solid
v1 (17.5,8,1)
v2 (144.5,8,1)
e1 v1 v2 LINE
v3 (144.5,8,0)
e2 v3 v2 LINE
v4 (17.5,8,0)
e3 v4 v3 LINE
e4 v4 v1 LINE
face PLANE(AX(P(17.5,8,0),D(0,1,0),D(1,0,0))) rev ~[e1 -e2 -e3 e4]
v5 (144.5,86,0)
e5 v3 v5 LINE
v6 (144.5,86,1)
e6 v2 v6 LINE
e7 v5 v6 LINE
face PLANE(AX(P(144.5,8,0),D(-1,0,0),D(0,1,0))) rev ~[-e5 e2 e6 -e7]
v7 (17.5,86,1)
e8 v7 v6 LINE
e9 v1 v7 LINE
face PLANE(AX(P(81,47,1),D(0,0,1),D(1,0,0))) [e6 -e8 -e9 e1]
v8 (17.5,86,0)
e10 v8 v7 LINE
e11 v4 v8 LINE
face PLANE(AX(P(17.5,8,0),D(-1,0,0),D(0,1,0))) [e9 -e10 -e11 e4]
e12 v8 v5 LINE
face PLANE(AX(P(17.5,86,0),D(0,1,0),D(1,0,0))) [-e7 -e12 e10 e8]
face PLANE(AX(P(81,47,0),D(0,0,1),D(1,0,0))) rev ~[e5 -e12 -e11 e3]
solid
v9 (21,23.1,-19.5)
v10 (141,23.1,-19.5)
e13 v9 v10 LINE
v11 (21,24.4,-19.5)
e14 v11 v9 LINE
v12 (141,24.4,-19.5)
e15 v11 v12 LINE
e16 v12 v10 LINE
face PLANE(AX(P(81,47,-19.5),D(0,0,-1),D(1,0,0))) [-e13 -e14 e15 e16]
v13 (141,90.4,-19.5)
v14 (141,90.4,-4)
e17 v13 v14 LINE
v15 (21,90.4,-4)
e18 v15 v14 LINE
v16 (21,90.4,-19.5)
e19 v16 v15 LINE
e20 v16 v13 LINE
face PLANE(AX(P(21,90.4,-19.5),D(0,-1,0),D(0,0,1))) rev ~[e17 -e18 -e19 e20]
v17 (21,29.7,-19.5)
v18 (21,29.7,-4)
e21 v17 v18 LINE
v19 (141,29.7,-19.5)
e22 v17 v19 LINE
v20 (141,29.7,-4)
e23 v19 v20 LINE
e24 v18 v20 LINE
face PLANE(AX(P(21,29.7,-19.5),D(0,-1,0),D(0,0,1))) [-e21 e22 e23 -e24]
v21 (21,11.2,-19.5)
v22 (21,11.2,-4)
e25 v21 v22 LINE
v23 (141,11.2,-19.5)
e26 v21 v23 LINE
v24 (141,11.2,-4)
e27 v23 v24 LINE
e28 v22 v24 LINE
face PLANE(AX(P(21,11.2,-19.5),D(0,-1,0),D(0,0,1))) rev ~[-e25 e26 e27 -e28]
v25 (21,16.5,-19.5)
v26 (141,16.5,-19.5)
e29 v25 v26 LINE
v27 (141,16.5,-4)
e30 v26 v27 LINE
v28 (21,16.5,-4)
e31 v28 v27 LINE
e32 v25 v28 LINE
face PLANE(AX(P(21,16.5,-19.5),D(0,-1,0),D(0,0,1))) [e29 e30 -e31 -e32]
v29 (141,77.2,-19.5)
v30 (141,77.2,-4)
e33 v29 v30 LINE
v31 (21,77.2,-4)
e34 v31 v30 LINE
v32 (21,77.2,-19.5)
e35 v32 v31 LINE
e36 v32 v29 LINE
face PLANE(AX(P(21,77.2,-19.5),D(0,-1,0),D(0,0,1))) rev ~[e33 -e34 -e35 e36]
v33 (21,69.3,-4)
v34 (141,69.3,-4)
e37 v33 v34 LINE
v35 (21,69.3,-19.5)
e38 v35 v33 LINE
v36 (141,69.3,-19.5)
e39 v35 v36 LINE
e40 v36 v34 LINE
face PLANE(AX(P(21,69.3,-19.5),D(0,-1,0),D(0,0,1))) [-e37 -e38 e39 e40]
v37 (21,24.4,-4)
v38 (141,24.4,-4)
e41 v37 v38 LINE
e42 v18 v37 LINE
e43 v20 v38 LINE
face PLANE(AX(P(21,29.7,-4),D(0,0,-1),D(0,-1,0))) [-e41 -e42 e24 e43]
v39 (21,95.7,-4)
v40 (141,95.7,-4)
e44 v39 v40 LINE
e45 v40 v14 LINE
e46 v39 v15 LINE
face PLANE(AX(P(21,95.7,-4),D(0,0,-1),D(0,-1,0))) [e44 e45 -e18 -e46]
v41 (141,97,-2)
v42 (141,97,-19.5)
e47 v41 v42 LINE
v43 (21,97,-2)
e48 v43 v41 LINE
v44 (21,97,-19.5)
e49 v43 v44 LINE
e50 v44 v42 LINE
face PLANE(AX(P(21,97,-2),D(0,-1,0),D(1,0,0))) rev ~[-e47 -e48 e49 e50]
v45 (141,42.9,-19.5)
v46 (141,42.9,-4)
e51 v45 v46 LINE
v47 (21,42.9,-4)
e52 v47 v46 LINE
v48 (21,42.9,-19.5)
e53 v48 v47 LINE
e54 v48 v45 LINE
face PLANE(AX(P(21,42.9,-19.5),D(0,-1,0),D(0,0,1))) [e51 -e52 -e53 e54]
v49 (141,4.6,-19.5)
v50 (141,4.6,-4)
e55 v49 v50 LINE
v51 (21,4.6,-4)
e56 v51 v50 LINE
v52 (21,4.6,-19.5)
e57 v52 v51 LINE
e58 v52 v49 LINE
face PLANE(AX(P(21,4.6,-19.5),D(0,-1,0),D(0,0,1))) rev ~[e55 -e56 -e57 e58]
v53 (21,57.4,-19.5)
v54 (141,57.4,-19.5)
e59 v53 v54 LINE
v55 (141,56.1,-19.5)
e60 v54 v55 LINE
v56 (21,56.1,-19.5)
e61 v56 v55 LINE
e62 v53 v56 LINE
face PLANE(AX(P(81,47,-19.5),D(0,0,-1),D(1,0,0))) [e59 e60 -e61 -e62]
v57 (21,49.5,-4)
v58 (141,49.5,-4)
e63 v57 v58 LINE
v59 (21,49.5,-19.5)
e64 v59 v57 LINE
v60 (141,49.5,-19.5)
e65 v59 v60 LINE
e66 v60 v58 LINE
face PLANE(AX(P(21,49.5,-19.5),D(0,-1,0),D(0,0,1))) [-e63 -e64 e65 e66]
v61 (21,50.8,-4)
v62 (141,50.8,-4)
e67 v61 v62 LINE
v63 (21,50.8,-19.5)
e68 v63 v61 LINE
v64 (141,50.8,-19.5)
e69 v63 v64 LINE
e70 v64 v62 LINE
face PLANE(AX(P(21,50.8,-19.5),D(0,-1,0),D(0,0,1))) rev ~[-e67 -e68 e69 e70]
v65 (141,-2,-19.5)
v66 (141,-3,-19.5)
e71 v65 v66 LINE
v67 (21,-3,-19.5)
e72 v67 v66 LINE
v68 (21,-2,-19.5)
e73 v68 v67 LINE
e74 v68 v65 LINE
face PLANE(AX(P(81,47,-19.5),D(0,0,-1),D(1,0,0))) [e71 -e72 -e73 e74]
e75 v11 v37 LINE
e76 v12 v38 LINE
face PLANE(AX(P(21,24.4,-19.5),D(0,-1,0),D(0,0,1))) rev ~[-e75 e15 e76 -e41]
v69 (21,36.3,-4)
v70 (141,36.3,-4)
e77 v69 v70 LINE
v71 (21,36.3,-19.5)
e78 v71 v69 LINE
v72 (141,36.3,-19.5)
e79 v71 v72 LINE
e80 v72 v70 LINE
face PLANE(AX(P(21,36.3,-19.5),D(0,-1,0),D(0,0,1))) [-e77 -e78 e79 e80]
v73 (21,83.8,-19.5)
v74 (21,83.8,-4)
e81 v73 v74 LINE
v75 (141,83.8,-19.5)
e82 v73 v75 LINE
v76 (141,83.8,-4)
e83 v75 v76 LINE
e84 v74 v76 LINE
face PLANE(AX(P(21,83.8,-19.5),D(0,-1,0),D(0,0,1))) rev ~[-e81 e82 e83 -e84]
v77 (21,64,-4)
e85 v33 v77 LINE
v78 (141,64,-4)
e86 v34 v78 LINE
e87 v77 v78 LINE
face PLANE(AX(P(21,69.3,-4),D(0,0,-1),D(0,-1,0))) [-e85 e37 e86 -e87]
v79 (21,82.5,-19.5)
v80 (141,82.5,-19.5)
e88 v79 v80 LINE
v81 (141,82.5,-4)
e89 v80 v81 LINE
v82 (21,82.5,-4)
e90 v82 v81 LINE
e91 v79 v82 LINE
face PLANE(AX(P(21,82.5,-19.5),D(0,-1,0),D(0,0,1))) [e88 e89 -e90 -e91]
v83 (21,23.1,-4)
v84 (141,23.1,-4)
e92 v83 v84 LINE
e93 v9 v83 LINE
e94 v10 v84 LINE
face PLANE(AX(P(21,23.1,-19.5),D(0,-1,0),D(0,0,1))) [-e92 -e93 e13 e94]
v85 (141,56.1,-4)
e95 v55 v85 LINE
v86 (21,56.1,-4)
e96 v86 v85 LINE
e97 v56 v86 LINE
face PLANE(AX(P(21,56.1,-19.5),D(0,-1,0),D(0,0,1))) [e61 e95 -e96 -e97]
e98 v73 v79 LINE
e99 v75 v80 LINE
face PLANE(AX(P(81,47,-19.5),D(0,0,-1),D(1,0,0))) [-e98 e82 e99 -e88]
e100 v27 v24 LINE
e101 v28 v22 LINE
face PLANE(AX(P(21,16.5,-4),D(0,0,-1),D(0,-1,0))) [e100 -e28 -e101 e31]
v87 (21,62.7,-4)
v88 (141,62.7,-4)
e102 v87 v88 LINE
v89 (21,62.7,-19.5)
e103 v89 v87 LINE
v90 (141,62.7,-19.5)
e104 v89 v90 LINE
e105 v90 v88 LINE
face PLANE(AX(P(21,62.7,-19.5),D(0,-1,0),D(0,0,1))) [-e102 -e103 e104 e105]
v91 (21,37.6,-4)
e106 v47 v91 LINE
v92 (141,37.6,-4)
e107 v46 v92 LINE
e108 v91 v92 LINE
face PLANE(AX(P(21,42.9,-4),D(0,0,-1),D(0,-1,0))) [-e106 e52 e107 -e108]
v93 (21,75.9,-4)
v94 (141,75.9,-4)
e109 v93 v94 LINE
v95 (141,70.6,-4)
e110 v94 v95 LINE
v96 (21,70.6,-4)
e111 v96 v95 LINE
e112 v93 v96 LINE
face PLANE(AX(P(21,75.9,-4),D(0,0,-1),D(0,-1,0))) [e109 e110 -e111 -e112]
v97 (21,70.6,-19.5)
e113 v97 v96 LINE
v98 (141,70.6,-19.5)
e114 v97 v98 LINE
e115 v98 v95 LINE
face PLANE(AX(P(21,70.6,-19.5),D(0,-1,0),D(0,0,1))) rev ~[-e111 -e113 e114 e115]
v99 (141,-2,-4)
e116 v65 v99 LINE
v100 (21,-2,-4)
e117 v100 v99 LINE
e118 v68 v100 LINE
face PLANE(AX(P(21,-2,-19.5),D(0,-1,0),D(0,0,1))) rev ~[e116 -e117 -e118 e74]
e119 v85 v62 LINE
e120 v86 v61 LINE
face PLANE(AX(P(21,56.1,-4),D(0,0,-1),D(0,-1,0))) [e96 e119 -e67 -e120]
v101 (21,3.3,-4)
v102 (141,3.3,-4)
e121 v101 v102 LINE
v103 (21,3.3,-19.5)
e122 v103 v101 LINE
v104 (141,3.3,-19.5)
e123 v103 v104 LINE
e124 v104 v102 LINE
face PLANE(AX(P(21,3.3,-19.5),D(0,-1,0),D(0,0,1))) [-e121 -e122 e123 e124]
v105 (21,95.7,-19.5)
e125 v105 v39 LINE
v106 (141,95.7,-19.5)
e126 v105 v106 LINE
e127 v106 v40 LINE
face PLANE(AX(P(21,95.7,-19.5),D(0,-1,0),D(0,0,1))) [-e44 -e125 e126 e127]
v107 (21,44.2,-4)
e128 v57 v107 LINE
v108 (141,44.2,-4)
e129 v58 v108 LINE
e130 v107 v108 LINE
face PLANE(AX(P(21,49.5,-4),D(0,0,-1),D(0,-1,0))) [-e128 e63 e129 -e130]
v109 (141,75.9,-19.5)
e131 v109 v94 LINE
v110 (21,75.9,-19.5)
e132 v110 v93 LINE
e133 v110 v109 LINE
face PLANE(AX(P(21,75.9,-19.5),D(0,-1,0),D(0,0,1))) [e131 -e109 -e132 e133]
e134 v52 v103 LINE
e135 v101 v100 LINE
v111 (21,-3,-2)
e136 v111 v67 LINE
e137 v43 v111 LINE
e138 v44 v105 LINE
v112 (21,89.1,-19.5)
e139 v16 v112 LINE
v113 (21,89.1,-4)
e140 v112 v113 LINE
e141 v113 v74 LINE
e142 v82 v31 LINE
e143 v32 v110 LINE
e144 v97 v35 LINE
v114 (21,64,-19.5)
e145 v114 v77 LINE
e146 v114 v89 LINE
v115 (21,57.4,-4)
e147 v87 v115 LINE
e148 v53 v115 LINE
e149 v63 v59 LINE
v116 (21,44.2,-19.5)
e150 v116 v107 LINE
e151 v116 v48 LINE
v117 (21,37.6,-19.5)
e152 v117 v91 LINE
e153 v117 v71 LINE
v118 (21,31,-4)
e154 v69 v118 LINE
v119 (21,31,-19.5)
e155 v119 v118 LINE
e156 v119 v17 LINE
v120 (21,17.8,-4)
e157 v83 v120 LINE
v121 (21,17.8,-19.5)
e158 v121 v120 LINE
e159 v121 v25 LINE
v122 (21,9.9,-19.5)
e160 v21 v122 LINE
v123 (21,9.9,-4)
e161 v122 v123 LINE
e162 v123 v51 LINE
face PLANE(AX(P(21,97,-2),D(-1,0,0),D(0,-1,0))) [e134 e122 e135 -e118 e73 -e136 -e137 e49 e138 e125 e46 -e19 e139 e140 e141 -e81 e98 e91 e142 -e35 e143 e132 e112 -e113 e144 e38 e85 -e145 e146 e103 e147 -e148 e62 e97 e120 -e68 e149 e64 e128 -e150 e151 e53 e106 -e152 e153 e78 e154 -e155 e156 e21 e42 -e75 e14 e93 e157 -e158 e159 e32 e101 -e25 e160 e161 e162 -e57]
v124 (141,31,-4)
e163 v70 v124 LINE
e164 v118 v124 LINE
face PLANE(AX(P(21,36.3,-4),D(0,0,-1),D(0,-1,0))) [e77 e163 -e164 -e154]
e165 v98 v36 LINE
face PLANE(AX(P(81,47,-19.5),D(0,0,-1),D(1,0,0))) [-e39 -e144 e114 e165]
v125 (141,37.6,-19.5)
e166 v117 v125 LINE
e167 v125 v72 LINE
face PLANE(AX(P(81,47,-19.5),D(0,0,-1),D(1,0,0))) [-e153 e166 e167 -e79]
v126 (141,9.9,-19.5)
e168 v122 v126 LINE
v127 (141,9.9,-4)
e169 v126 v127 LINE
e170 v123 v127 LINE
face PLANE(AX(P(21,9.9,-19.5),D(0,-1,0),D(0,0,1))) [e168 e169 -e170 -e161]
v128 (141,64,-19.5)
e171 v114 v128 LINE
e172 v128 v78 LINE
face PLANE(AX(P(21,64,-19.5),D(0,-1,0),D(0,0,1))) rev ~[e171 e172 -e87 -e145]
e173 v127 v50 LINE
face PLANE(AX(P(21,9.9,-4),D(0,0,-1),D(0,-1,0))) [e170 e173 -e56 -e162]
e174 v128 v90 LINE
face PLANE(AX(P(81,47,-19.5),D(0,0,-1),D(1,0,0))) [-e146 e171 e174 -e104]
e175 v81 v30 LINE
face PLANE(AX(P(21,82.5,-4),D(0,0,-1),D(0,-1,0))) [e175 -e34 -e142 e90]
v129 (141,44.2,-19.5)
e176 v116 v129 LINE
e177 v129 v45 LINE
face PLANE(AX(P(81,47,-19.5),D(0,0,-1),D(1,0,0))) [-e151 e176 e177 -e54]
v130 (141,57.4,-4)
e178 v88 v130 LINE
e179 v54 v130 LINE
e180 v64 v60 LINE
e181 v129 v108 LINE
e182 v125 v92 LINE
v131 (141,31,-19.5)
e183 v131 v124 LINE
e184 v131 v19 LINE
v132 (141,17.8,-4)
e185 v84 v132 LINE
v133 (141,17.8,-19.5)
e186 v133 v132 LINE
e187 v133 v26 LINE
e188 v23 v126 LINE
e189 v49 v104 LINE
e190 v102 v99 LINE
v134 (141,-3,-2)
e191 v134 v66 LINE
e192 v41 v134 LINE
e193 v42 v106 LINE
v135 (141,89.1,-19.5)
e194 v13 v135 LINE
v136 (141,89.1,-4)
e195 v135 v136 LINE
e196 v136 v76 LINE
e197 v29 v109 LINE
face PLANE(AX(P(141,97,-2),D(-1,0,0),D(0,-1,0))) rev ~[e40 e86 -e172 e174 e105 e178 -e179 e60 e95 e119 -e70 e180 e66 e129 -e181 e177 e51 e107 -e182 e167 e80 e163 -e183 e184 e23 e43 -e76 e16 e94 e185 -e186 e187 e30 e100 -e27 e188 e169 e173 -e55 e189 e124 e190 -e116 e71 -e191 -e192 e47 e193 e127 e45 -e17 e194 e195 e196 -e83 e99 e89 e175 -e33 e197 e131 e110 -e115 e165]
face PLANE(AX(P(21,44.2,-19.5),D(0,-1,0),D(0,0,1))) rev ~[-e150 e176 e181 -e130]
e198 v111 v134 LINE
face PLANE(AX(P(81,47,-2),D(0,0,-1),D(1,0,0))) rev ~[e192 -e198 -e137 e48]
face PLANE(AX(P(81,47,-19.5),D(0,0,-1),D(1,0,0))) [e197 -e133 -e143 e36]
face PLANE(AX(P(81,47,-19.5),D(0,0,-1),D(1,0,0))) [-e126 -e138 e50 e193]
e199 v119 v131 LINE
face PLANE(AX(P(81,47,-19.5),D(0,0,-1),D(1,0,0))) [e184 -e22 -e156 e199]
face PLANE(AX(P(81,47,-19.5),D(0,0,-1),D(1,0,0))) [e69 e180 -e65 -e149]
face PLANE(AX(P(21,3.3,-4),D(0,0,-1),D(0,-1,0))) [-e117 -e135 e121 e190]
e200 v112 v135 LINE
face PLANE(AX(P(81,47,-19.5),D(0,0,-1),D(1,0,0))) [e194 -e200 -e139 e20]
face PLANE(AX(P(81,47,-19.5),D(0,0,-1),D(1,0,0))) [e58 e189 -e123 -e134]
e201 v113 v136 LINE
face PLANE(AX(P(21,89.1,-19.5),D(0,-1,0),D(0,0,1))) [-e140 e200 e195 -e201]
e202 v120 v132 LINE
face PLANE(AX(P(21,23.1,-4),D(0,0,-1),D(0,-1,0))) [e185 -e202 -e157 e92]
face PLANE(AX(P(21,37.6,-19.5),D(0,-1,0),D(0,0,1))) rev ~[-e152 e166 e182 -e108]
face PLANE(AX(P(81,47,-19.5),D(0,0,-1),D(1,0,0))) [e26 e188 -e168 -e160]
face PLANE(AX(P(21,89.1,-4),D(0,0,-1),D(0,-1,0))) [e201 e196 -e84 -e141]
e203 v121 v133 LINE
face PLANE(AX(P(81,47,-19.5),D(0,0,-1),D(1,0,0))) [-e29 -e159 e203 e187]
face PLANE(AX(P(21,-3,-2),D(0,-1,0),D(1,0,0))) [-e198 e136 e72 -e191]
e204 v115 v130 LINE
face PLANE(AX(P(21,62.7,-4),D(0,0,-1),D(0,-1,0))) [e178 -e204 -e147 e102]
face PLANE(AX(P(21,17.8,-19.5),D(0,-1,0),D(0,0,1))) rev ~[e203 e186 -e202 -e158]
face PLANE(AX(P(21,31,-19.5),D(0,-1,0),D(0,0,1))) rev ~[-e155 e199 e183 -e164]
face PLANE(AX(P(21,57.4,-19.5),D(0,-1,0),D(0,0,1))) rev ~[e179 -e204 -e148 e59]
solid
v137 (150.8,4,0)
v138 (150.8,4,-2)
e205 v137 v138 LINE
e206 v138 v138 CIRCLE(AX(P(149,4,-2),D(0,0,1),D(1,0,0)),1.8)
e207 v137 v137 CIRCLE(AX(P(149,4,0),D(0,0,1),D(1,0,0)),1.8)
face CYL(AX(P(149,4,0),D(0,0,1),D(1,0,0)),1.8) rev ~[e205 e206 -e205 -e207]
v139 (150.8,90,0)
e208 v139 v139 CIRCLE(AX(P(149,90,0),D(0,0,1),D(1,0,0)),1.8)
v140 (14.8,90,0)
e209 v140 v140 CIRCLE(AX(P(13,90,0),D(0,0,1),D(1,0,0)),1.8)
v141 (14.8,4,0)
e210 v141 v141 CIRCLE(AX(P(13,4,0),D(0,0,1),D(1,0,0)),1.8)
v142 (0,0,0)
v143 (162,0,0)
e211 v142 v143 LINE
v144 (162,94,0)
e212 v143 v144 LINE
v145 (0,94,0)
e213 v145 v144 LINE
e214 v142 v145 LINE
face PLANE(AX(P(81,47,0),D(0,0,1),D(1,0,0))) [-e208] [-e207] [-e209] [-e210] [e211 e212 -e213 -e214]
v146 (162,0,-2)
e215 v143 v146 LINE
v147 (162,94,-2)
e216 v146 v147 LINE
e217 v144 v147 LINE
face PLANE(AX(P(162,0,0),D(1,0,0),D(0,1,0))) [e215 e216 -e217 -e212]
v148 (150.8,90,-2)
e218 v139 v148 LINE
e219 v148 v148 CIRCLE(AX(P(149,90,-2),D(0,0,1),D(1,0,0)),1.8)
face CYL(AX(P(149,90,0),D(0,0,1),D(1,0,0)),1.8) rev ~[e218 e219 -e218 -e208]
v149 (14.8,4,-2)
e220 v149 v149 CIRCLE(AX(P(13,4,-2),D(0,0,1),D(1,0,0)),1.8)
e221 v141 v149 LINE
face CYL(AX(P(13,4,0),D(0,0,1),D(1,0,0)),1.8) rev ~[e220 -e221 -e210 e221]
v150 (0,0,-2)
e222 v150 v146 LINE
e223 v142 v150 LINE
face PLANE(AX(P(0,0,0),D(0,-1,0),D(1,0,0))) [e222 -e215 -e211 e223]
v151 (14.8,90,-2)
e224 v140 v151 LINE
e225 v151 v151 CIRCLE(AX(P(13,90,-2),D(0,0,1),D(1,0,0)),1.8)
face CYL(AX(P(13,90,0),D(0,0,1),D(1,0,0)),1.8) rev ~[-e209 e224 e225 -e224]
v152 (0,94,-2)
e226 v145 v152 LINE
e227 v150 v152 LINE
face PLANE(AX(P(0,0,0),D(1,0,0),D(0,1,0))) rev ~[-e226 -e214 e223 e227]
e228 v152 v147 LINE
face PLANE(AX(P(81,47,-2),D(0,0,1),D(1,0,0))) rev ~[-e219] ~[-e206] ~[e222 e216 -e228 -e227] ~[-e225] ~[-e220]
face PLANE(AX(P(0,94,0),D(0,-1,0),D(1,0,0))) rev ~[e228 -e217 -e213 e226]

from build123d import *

# Parameters (mm, degrees)
F0_W     = 162
F0_H     = 94
F0_R     = 1.8
F0_W_2   = 127
F0_H_2   = 78
F1_DEPTH = 2
F2_DEPTH = 1
F3_W     = 120
F3_H     = 100
F4_DEPTH = 17.5
F5_W     = 5.3
F5_H     = 15.5
F6_DEPTH = 141.001


with BuildPart() as f1:
    # F0 (on Top) → F1 (new body)
    with BuildSketch(Plane.XY):
        with Locations((81, 47)):
            Rectangle(F0_W, F0_H)
        with Locations((13, 4)):
            Circle(F0_R, mode=Mode.SUBTRACT)
        with Locations((149, 4)):
            Circle(F0_R, mode=Mode.SUBTRACT)
        with Locations((13, 90)):
            Circle(F0_R, mode=Mode.SUBTRACT)
        with Locations((81, 47)):
            Rectangle(F0_W_2, F0_H_2, mode=Mode.SUBTRACT)
        with Locations((149, 90)):
            Circle(F0_R, mode=Mode.SUBTRACT)
        with Locations((81, 47)):
            Rectangle(F0_W_2, F0_H_2)
    extrude(amount=-F1_DEPTH)


with BuildPart() as f2:
    # F0 (on Top) → F2 (new body)
    with BuildSketch(Plane.XY):
        with Locations((81, 47)):
            Rectangle(F0_W_2, F0_H_2)
    extrude(amount=F2_DEPTH)


with BuildPart() as f4:
    # F3 (on face) → F4 (new body)
    with BuildSketch(Plane(origin=(0, 0, -2), x_dir=(1, 0, 0), z_dir=(0, 0, -1))):
        with Locations((81, -47)):
            Rectangle(F3_W, F3_H)
    extrude(amount=F4_DEPTH)

    # F5 (on face) → F6 (cut, through all)
    with BuildSketch(Plane(origin=(21, 0, 0), x_dir=(0, -1, 0), z_dir=(-1, 0, 0))):
        with Locations((-93.05, -11.75)):
            Rectangle(F5_W, F5_H)
        with Locations((-86.45, -11.75)):
            Rectangle(F5_W, F5_H)
        with Locations((-79.85, -11.75)):
            Rectangle(F5_W, F5_H)
        with Locations((-73.25, -11.75)):
            Rectangle(F5_W, F5_H)
        with Locations((-66.65, -11.75)):
            Rectangle(F5_W, F5_H)
        with Locations((-60.05, -11.75)):
            Rectangle(F5_W, F5_H)
        with Locations((-53.45, -11.75)):
            Rectangle(F5_W, F5_H)
        with Locations((-46.85, -11.75)):
            Rectangle(F5_W, F5_H)
        with Locations((-40.25, -11.75)):
            Rectangle(F5_W, F5_H)
        with Locations((-33.65, -11.75)):
            Rectangle(F5_W, F5_H)
        with Locations((-27.05, -11.75)):
            Rectangle(F5_W, F5_H)
        with Locations((-20.45, -11.75)):
            Rectangle(F5_W, F5_H)
        with Locations((-13.85, -11.75)):
            Rectangle(F5_W, F5_H)
        with Locations((-7.25, -11.75)):
            Rectangle(F5_W, F5_H)
        with Locations((-0.65, -11.75)):
            Rectangle(F5_W, F5_H)
    extrude(amount=-F6_DEPTH, mode=Mode.SUBTRACT)


solid = Compound([f1.part, f2.part, f4.part])
